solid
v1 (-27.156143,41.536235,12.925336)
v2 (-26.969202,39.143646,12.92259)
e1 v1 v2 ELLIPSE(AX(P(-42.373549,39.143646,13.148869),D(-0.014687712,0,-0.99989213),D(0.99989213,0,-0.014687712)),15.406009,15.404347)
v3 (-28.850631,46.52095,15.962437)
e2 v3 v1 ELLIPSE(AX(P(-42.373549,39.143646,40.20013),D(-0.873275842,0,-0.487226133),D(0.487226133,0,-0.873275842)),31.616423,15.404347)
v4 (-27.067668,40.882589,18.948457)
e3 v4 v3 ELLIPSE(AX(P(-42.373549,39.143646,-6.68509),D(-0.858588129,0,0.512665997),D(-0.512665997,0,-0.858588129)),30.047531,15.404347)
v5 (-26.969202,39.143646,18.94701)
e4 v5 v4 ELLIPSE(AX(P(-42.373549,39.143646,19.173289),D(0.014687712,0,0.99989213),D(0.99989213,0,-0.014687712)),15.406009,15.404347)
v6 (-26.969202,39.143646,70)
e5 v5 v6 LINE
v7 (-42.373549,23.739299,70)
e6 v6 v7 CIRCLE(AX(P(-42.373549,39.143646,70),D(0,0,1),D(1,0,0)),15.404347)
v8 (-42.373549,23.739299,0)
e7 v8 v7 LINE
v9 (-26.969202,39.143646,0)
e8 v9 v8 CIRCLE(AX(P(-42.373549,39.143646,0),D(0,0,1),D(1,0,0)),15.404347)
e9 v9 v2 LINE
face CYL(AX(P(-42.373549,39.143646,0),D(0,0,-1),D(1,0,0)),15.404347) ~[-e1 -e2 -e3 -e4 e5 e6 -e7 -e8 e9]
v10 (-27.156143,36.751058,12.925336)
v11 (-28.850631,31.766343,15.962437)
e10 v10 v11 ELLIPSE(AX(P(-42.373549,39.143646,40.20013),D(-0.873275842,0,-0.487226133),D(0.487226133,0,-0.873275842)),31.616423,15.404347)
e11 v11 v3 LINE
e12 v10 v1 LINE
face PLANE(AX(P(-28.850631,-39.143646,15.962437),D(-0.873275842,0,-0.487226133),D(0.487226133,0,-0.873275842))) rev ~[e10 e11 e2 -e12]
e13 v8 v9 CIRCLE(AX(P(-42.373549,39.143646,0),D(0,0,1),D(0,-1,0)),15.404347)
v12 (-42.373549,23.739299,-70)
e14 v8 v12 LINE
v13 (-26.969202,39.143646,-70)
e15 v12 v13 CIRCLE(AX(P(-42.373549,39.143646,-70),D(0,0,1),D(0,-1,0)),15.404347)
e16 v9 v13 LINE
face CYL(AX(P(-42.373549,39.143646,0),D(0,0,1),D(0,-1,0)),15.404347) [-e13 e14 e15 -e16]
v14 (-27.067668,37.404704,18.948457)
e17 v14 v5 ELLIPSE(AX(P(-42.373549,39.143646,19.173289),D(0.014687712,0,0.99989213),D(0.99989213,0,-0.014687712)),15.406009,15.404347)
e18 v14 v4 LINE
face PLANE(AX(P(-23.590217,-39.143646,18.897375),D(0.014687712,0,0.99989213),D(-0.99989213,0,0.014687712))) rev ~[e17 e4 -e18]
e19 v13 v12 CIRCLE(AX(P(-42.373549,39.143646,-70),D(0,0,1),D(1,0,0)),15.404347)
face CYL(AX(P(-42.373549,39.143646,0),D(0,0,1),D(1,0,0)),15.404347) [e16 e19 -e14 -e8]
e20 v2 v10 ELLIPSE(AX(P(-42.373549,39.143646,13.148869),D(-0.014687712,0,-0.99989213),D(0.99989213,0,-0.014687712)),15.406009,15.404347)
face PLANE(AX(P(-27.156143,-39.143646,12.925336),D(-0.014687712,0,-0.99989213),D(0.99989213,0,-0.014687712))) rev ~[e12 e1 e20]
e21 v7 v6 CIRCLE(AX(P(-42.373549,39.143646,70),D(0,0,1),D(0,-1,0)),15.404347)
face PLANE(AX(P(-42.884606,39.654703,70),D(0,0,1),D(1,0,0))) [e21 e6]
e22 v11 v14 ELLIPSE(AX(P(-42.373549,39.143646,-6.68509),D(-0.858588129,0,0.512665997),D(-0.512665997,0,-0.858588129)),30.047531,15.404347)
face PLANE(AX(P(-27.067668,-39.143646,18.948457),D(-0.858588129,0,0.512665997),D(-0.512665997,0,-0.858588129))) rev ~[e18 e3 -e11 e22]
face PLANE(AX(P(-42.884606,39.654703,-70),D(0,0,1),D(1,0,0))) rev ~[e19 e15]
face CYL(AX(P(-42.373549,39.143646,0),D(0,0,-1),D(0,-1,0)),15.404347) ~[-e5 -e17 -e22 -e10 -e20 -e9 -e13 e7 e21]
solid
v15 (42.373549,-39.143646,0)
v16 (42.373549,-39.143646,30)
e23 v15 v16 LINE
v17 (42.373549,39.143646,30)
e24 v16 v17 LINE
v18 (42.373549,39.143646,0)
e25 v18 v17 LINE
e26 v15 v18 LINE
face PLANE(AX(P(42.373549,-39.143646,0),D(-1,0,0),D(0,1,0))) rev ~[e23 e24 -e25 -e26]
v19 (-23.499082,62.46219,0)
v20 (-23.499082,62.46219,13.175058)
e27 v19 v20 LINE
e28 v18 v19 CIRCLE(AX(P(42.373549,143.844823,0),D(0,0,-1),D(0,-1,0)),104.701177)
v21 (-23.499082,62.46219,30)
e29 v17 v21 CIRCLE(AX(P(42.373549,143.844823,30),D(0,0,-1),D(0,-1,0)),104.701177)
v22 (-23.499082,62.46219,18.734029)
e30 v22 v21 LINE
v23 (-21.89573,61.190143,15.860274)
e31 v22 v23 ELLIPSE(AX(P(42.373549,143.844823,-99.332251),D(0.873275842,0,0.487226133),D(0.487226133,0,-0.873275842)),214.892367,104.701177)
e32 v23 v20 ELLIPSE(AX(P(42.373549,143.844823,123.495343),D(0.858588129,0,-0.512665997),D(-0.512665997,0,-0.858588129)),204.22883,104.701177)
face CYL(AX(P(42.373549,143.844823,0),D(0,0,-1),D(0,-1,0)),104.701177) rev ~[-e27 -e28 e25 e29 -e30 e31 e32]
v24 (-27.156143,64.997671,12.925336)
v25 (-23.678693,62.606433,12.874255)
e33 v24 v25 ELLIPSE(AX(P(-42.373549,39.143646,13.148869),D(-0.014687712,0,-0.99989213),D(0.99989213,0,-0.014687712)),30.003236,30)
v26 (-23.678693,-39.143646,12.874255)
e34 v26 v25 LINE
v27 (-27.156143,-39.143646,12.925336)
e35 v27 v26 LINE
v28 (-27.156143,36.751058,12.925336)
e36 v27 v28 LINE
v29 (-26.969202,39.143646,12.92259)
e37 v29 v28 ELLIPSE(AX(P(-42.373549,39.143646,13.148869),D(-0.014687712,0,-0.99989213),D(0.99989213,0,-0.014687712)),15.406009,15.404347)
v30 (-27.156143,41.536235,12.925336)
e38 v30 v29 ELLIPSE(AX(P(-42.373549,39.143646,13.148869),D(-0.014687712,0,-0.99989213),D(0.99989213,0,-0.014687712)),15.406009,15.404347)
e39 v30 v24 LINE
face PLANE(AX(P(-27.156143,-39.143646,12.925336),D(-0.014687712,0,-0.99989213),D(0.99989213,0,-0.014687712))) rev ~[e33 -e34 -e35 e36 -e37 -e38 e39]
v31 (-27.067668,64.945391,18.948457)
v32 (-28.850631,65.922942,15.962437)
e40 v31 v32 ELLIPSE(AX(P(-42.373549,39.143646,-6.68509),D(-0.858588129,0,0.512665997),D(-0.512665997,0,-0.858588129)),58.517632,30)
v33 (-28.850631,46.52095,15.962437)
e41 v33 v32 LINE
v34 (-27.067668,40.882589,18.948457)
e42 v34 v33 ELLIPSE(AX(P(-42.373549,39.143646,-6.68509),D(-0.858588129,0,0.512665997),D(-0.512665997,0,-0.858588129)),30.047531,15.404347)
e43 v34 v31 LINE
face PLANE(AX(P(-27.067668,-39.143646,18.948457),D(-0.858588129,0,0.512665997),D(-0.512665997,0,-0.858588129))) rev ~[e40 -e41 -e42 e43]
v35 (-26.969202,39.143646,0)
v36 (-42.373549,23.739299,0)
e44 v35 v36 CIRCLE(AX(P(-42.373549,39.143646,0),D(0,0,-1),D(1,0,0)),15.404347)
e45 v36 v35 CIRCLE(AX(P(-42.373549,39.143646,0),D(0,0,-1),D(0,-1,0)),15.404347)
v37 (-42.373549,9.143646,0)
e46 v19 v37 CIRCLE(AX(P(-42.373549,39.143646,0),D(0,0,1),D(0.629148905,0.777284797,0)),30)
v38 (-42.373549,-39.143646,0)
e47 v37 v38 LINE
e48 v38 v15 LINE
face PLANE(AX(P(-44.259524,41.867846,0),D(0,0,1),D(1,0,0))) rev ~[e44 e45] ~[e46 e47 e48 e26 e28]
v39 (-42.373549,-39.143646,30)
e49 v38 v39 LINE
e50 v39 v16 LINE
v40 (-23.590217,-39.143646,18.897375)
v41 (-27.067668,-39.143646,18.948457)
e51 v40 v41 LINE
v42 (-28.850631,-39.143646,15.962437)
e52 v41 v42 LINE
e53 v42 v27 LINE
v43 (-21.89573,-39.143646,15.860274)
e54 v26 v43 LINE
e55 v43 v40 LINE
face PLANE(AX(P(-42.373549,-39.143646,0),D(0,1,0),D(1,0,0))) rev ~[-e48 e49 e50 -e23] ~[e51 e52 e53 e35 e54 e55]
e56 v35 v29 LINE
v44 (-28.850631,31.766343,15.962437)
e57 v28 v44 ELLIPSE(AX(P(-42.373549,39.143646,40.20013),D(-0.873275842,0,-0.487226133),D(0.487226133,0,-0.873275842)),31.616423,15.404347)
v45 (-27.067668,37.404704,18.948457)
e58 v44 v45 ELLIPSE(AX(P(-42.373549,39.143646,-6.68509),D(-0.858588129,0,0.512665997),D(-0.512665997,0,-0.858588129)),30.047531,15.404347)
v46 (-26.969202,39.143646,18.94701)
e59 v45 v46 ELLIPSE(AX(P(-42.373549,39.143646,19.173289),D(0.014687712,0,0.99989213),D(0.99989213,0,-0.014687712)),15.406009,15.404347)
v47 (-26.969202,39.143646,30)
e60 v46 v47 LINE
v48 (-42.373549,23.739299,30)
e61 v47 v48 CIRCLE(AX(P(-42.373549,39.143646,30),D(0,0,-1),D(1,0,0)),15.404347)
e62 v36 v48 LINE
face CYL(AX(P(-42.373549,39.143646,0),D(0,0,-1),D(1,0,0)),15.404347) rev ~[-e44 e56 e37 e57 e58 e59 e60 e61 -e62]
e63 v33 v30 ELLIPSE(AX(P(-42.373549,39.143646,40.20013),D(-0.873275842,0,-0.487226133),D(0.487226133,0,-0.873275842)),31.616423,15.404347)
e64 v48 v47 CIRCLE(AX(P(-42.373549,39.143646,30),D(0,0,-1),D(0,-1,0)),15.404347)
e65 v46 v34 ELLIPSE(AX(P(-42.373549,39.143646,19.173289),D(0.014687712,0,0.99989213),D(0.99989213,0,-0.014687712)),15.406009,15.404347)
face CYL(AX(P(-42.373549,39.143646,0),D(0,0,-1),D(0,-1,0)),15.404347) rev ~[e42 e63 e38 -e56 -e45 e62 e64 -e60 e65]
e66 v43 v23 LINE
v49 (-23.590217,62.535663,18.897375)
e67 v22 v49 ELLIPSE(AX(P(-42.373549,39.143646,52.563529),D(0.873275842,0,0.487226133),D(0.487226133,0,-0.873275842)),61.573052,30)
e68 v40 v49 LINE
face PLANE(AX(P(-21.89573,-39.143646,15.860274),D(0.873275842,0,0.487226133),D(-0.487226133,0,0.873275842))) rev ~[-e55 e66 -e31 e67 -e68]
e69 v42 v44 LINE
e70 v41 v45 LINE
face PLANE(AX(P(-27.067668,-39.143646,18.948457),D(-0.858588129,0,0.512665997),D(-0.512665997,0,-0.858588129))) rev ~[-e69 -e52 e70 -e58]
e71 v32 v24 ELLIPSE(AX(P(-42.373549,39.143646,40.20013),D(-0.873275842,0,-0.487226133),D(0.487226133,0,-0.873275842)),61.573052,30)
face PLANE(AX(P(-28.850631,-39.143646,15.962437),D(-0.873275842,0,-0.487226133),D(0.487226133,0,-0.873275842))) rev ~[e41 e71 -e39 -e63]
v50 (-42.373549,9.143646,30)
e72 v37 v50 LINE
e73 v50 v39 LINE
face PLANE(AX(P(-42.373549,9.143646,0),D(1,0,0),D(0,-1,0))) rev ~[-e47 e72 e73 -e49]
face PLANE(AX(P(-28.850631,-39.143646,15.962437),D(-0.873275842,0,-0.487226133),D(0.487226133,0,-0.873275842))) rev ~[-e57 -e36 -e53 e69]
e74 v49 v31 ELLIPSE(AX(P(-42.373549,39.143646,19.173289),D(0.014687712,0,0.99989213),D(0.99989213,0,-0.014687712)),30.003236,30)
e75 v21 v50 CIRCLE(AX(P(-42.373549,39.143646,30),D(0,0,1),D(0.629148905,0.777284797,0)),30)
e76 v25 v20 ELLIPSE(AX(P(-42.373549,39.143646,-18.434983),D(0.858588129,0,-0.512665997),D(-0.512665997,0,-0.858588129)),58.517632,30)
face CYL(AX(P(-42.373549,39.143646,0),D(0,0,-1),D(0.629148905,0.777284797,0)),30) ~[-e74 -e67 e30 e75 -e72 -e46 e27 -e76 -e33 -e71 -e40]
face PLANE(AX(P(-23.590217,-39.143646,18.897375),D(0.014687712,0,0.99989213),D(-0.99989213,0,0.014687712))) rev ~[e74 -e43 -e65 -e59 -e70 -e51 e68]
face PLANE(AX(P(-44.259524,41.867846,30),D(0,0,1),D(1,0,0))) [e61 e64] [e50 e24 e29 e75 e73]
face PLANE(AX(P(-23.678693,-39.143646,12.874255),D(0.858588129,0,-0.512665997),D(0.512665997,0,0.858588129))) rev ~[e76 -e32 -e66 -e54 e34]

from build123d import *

# Parameters (mm, degrees)
F1_DEPTH = 30
F2_DEPTH = 70
F4_DEPTH = 125


with BuildPart() as f1:
    # F0 (on Top) → F1 (new body)
    with BuildSketch(Plane.XY):
        with BuildLine():
            ThreePointArc((-23.4990818194, 62.4621903911), (-70.6538983107, 49.154732424), (-42.3735489763, 9.1436464927))
            Line((-42.3735489763, 9.1436464927), (-42.3735489763, 23.7392992028))
            ThreePointArc((-42.3735489763, 23.7392992028), (-53.2660674047, 50.0361649211), (-26.9692016865, 39.1436464927))
            Line((-26.9692016865, 39.1436464927), (-12.3735489763, 39.1436464927))
            ThreePointArc((-12.3735489763, 39.1436464927), (-15.2974154386, 52.0619665323), (-23.4990818194, 62.4621903911))
        make_face()
        with BuildLine():
            Line((-12.3735489763, 39.1436464927), (42.3735489763, 39.1436464927))
            ThreePointArc((42.3735489763, 39.1436464927), (7.4344663557, 45.145294775), (-23.4990818194, 62.4621903911))
            ThreePointArc((-23.4990818194, 62.4621903911), (-15.2974154386, 52.0619665323), (-12.3735489763, 39.1436464927))
        make_face()
        with BuildLine():
            Line((-42.3735489763, -39.1436464927), (42.3735489763, -39.1436464927))
            Line((42.3735489763, -39.1436464927), (42.3735489763, 39.1436464927))
            Line((42.3735489763, 39.1436464927), (-12.3735489763, 39.1436464927))
            ThreePointArc((-12.3735489763, 39.1436464927), (-21.1603455407, 17.9304430571), (-42.3735489763, 9.1436464927))
            Line((-42.3735489763, 9.1436464927), (-42.3735489763, -39.1436464927))
        make_face()
        with BuildLine():
            Line((-42.3735489763, 23.7392992028), (-42.3735489763, 9.1436464927))
            ThreePointArc((-42.3735489763, 9.1436464927), (-21.1603455407, 17.9304430571), (-12.3735489763, 39.1436464927))
            Line((-12.3735489763, 39.1436464927), (-26.9692016865, 39.1436464927))
            ThreePointArc((-26.9692016865, 39.1436464927), (-31.4810305479, 28.2511280643), (-42.3735489763, 23.7392992028))
        make_face()
    extrude(amount=F1_DEPTH)


with BuildPart() as f2:
    # F0 (on Top) → F2 (new body, symmetric)
    with BuildSketch(Plane.XY):
        with BuildLine():
            ThreePointArc((-26.9692016865, 39.1436464927), (-53.2660674047, 50.0361649211), (-42.3735489763, 23.7392992028))
            Line((-42.3735489763, 23.7392992028), (-42.3735489763, 39.1436464927))
            Line((-42.3735489763, 39.1436464927), (-26.9692016865, 39.1436464927))
        make_face()
        with BuildLine():
            Line((-42.3735489763, 39.1436464927), (-42.3735489763, 23.7392992028))
            ThreePointArc((-42.3735489763, 23.7392992028), (-31.4810305479, 28.2511280643), (-26.9692016865, 39.1436464927))
            Line((-26.9692016865, 39.1436464927), (-42.3735489763, 39.1436464927))
        make_face()
    extrude(amount=F2_DEPTH, both=True)


with BuildPart() as f4_tool:
    # F3 (on face) → F4 (new body)
    with BuildSketch(Plane.XZ.offset(39.1436464927)):
        Polygon((-23.6786928732, 12.8742545268), (-21.895729939, 15.8602743126), (-23.5902174627, 18.8973754005), (-27.0676679205, 18.9484567026), (-28.8506308547, 15.9624369167), (-27.156143331, 12.9253358288), align=None)
    extrude(amount=-F4_DEPTH)


with BuildPart() as f1_1:
    add(f1.part)

    # F4: cut by f4_tool
    add(f4_tool.part, mode=Mode.SUBTRACT)


with BuildPart() as f2_1:
    add(f2.part)

    # F4: cut by f4_tool
    add(f4_tool.part, mode=Mode.SUBTRACT)


solid = Compound([f1_1.part, f2_1.part])
